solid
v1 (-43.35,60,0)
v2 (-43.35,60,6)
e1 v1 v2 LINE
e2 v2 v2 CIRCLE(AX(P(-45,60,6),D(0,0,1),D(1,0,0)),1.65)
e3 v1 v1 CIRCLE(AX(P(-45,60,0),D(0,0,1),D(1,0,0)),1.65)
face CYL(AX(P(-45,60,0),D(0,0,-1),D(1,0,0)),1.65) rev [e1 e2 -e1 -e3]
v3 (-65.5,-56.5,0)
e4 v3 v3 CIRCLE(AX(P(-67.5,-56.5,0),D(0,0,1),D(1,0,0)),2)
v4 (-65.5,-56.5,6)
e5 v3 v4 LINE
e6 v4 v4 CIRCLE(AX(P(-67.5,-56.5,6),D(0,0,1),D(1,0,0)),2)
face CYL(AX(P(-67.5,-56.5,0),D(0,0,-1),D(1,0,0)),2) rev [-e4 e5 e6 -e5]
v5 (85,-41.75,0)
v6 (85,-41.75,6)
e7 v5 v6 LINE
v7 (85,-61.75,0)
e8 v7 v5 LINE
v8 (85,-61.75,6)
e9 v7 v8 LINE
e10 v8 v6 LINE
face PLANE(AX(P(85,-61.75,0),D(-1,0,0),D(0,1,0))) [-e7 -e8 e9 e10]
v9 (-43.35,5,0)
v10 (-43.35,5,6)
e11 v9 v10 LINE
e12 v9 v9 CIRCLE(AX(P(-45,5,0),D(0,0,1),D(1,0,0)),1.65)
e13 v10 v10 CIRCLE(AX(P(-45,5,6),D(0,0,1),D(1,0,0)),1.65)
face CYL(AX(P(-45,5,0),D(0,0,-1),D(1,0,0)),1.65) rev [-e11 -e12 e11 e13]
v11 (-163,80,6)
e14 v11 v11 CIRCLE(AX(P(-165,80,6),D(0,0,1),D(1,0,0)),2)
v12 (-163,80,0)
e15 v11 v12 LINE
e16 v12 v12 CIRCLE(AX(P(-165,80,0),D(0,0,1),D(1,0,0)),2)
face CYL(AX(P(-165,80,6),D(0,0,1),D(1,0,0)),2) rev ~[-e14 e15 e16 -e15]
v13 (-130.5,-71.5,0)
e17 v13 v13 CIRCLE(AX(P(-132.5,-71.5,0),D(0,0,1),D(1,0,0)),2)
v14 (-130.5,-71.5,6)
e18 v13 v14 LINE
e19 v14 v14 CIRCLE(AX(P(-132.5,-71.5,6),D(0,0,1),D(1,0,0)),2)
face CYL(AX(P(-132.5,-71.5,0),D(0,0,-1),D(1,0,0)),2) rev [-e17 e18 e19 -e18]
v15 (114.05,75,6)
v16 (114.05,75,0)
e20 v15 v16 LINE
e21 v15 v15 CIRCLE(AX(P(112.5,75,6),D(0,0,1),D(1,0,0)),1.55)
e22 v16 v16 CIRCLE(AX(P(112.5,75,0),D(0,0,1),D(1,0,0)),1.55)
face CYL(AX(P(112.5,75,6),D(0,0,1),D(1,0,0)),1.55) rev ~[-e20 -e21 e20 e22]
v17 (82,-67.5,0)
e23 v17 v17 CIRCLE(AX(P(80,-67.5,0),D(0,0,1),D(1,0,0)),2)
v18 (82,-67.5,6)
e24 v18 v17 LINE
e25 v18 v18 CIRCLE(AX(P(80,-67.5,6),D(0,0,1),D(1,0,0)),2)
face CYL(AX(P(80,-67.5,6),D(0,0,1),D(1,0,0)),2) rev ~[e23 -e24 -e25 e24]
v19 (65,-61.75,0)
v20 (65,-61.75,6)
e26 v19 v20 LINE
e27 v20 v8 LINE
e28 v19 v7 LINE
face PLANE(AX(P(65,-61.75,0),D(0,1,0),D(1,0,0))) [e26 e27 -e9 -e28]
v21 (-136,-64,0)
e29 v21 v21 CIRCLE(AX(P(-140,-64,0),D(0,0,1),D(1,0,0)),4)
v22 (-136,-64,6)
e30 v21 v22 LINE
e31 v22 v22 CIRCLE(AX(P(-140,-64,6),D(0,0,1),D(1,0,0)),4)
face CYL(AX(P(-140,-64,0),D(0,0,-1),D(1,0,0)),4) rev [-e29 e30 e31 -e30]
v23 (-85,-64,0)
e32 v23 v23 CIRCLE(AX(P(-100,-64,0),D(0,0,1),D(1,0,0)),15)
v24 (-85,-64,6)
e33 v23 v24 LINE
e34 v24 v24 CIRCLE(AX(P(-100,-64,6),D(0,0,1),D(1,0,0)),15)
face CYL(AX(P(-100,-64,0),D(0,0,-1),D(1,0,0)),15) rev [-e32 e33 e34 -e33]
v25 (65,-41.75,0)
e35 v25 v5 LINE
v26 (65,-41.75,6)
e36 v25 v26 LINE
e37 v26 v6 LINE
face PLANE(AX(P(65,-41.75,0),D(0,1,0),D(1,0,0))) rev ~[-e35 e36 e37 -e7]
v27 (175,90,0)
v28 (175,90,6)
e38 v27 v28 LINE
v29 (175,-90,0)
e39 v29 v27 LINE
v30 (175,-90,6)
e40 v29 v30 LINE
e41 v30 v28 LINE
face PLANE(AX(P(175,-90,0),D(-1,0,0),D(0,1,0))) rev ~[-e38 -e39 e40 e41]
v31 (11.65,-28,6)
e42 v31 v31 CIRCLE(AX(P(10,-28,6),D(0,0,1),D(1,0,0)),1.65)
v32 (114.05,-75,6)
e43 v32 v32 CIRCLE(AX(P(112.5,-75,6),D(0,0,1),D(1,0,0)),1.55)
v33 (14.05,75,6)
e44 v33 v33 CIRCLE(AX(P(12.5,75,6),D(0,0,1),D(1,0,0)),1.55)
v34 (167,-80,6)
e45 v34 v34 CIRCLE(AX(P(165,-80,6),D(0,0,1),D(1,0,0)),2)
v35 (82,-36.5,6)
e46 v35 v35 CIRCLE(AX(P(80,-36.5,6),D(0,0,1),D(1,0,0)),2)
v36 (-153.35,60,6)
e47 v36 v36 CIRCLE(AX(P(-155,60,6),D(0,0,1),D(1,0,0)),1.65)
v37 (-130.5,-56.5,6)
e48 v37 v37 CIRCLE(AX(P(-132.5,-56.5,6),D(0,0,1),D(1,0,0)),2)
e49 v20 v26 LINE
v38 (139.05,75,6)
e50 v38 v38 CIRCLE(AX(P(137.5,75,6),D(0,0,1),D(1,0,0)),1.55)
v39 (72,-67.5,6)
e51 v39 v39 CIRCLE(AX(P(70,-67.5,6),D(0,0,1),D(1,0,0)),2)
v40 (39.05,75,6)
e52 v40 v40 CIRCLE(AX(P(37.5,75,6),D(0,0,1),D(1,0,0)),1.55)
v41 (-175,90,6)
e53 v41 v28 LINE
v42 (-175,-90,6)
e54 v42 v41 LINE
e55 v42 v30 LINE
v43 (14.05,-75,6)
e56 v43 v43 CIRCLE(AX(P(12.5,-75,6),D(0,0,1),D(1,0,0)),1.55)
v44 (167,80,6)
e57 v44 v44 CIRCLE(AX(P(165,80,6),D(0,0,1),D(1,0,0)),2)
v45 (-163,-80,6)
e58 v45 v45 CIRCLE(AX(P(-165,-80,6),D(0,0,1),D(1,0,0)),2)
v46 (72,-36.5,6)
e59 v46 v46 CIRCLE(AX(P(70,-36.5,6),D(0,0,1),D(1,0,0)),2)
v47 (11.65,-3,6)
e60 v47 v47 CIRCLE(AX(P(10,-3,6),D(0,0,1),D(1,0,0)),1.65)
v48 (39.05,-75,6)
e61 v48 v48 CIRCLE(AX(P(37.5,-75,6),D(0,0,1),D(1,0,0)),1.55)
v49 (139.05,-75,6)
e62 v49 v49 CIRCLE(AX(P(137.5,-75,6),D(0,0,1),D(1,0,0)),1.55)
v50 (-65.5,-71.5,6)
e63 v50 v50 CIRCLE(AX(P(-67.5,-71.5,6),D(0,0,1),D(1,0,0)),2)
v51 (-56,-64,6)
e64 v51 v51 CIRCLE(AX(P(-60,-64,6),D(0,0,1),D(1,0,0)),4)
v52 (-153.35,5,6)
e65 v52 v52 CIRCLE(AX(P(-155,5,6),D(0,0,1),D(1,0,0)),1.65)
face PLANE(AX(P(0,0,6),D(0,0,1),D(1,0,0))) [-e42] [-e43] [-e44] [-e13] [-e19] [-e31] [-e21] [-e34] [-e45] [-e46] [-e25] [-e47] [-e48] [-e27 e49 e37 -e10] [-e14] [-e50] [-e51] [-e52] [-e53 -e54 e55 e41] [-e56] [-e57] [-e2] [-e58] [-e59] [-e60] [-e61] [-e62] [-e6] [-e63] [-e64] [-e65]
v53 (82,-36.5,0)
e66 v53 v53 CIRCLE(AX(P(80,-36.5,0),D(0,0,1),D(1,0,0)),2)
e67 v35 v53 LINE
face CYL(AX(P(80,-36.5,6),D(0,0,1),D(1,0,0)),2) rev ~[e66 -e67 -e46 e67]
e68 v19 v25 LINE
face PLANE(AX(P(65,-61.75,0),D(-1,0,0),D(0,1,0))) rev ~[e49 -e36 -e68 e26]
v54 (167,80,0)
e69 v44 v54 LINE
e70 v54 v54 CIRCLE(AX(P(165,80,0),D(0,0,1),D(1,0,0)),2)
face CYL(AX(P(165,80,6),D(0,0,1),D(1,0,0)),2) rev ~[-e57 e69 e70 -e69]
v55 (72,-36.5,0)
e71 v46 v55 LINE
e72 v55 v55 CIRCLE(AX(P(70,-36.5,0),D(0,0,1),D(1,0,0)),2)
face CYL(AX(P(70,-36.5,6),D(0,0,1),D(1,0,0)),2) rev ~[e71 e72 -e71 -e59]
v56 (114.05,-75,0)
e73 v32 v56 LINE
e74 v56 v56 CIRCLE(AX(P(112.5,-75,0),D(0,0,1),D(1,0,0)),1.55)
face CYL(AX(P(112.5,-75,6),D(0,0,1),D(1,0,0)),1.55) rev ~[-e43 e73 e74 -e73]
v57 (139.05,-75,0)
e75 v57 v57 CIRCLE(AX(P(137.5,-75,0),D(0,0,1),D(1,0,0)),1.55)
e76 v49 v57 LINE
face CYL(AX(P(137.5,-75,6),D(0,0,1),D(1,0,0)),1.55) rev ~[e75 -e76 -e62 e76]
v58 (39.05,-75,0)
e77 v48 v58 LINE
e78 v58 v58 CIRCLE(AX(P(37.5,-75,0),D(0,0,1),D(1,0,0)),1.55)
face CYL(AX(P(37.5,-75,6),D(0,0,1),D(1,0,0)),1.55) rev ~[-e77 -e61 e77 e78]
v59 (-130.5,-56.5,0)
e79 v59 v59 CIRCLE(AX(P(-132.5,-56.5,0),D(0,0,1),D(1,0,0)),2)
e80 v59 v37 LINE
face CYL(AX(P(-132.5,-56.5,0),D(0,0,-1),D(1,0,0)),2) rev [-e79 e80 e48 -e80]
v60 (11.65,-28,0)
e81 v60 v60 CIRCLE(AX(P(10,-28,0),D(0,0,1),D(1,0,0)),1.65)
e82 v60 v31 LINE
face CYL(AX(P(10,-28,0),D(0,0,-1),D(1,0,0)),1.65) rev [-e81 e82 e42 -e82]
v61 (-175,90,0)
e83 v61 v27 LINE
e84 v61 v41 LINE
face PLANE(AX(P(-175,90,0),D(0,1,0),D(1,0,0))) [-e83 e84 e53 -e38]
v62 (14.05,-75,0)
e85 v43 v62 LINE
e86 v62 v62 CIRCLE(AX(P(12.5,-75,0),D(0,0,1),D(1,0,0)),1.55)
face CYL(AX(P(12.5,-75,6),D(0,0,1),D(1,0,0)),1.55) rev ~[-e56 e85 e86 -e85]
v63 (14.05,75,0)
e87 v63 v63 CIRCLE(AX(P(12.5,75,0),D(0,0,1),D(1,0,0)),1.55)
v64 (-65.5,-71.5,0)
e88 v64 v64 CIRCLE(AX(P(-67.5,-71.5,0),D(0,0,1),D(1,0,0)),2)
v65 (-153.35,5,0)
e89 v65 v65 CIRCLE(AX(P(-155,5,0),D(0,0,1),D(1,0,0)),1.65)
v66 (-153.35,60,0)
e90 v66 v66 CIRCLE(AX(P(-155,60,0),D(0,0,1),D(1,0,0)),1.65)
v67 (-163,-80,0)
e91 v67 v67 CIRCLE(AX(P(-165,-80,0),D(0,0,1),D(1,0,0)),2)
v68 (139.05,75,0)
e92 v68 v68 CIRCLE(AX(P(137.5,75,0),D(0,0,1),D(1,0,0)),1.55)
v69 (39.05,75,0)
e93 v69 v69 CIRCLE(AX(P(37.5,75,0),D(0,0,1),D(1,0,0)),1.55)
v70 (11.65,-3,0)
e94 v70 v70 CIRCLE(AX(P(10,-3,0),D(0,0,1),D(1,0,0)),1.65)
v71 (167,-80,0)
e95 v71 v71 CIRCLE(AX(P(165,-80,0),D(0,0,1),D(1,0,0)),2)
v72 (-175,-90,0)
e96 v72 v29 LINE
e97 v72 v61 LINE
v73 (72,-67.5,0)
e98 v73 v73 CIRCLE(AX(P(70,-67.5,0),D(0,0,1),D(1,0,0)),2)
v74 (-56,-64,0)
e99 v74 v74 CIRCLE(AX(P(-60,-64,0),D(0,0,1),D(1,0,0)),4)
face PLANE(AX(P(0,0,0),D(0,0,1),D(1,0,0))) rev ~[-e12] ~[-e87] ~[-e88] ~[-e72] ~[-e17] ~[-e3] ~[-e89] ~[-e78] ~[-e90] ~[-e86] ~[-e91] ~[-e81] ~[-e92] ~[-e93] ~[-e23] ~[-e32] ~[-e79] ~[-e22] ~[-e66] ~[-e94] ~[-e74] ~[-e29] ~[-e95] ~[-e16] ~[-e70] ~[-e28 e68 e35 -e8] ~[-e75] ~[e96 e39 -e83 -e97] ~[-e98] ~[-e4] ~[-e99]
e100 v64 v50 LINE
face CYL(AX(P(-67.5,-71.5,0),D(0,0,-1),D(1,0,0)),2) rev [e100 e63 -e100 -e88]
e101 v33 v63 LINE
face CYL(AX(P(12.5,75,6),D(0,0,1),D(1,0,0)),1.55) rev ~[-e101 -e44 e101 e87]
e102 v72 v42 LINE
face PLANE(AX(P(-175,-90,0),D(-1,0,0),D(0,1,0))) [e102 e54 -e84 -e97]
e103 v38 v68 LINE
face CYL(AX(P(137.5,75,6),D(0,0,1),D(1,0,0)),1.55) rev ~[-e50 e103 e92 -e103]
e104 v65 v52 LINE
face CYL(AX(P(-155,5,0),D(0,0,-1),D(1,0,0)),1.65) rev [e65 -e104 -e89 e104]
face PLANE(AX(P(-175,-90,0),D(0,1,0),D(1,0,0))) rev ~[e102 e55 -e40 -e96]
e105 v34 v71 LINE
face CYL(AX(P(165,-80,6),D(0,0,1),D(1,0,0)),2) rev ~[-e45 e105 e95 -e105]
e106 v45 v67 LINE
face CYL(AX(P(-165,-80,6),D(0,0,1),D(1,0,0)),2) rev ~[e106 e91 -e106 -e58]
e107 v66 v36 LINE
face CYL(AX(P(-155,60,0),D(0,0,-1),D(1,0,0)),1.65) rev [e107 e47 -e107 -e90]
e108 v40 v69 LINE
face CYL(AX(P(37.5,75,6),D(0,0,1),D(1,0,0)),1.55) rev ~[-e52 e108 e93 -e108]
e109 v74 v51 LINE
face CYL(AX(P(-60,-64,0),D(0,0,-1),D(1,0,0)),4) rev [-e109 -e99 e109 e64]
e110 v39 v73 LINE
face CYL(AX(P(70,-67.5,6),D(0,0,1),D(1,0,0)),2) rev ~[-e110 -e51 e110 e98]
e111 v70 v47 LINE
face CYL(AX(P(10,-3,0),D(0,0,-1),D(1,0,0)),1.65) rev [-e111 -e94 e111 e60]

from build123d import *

# Parameters (mm, degrees)
ESBO_O1_W                = 350
ESBO_O1_H                = 180
ESBO_O1_R                = 2
ESBO_O1_R_2              = 15
ESBO_O1_R_3              = 4
ESBO_O1_R_4              = 1.65
ESBO_O1_W_2              = 20
ESBO_O1_H_2              = 20
RESSALTO_EXTRUS_O1_DEPTH = 6
ESBO_O2_R                = 2
CORTE_EXTRUS_O1_DEPTH    = 10
ESBO_O3_R                = 2
CORTE_EXTRUS_O2_DEPTH    = 10
ESBO_O4_R                = 1.55
CORTE_EXTRUS_O3_DEPTH    = 10


with BuildPart() as part:
    # Esboço1 → Ressalto-extrusão1 (new body)
    with BuildSketch(Plane.XY):
        Rectangle(ESBO_O1_W, ESBO_O1_H)
        with Locations((-132.5, -56.5)):
            Circle(ESBO_O1_R, mode=Mode.SUBTRACT)
        with Locations((-67.5, -56.5)):
            Circle(ESBO_O1_R, mode=Mode.SUBTRACT)
        with Locations((-100, -64)):
            Circle(ESBO_O1_R_2, mode=Mode.SUBTRACT)
        with Locations((-60, -64)):
            Circle(ESBO_O1_R_3, mode=Mode.SUBTRACT)
        with Locations((-140, -64)):
            Circle(ESBO_O1_R_3, mode=Mode.SUBTRACT)
        with Locations((-67.5, -71.5)):
            Circle(ESBO_O1_R, mode=Mode.SUBTRACT)
        with Locations((-132.5, -71.5)):
            Circle(ESBO_O1_R, mode=Mode.SUBTRACT)
        with Locations((10, -3)):
            Circle(ESBO_O1_R_4, mode=Mode.SUBTRACT)
        with Locations((10, -28)):
            Circle(ESBO_O1_R_4, mode=Mode.SUBTRACT)
        with Locations((-155, 60)):
            Circle(ESBO_O1_R_4, mode=Mode.SUBTRACT)
        with Locations((-45, 60)):
            Circle(ESBO_O1_R_4, mode=Mode.SUBTRACT)
        with Locations((-45, 5)):
            Circle(ESBO_O1_R_4, mode=Mode.SUBTRACT)
        with Locations((-155, 5)):
            Circle(ESBO_O1_R_4, mode=Mode.SUBTRACT)
        with Locations((75, -51.75)):
            Rectangle(ESBO_O1_W_2, ESBO_O1_H_2, mode=Mode.SUBTRACT)
    extrude(amount=RESSALTO_EXTRUS_O1_DEPTH)

    # Esboço2 → Corte-extrusão1 (cut)
    with BuildSketch(Plane.XY.offset(6)):
        with Locations((-165, 80)):
            Circle(ESBO_O2_R)
        with Locations((165, 80)):
            Circle(ESBO_O2_R)
        with Locations((165, -80)):
            Circle(ESBO_O2_R)
        with Locations((-165, -80)):
            Circle(ESBO_O2_R)
    extrude(amount=-CORTE_EXTRUS_O1_DEPTH, mode=Mode.SUBTRACT)

    # Esboço3 → Corte-extrusão2 (cut)
    with BuildSketch(Plane.XY.offset(6)):
        with Locations((80, -67.5)):
            Circle(ESBO_O3_R)
        with Locations((80, -36.5)):
            Circle(ESBO_O3_R)
        with Locations((70, -36.5)):
            Circle(ESBO_O3_R)
        with Locations((70, -67.5)):
            Circle(ESBO_O3_R)
    extrude(amount=-CORTE_EXTRUS_O2_DEPTH, mode=Mode.SUBTRACT)

    # Esboço4 → Corte-extrusão3 (cut)
    with BuildSketch(Plane.XY.offset(6)):
        with Locations((112.5, 75)):
            Circle(ESBO_O4_R)
        with Locations((137.5, 75)):
            Circle(ESBO_O4_R)
        with Locations((12.5, 75)):
            Circle(ESBO_O4_R)
        with Locations((37.5, 75)):
            Circle(ESBO_O4_R)
        with Locations((137.5, -75)):
            Circle(ESBO_O4_R)
        with Locations((112.5, -75)):
            Circle(ESBO_O4_R)
        with Locations((12.5, -75)):
            Circle(ESBO_O4_R)
        with Locations((37.5, -75)):
            Circle(ESBO_O4_R)
    extrude(amount=-CORTE_EXTRUS_O3_DEPTH, mode=Mode.SUBTRACT)


solid = part.part
